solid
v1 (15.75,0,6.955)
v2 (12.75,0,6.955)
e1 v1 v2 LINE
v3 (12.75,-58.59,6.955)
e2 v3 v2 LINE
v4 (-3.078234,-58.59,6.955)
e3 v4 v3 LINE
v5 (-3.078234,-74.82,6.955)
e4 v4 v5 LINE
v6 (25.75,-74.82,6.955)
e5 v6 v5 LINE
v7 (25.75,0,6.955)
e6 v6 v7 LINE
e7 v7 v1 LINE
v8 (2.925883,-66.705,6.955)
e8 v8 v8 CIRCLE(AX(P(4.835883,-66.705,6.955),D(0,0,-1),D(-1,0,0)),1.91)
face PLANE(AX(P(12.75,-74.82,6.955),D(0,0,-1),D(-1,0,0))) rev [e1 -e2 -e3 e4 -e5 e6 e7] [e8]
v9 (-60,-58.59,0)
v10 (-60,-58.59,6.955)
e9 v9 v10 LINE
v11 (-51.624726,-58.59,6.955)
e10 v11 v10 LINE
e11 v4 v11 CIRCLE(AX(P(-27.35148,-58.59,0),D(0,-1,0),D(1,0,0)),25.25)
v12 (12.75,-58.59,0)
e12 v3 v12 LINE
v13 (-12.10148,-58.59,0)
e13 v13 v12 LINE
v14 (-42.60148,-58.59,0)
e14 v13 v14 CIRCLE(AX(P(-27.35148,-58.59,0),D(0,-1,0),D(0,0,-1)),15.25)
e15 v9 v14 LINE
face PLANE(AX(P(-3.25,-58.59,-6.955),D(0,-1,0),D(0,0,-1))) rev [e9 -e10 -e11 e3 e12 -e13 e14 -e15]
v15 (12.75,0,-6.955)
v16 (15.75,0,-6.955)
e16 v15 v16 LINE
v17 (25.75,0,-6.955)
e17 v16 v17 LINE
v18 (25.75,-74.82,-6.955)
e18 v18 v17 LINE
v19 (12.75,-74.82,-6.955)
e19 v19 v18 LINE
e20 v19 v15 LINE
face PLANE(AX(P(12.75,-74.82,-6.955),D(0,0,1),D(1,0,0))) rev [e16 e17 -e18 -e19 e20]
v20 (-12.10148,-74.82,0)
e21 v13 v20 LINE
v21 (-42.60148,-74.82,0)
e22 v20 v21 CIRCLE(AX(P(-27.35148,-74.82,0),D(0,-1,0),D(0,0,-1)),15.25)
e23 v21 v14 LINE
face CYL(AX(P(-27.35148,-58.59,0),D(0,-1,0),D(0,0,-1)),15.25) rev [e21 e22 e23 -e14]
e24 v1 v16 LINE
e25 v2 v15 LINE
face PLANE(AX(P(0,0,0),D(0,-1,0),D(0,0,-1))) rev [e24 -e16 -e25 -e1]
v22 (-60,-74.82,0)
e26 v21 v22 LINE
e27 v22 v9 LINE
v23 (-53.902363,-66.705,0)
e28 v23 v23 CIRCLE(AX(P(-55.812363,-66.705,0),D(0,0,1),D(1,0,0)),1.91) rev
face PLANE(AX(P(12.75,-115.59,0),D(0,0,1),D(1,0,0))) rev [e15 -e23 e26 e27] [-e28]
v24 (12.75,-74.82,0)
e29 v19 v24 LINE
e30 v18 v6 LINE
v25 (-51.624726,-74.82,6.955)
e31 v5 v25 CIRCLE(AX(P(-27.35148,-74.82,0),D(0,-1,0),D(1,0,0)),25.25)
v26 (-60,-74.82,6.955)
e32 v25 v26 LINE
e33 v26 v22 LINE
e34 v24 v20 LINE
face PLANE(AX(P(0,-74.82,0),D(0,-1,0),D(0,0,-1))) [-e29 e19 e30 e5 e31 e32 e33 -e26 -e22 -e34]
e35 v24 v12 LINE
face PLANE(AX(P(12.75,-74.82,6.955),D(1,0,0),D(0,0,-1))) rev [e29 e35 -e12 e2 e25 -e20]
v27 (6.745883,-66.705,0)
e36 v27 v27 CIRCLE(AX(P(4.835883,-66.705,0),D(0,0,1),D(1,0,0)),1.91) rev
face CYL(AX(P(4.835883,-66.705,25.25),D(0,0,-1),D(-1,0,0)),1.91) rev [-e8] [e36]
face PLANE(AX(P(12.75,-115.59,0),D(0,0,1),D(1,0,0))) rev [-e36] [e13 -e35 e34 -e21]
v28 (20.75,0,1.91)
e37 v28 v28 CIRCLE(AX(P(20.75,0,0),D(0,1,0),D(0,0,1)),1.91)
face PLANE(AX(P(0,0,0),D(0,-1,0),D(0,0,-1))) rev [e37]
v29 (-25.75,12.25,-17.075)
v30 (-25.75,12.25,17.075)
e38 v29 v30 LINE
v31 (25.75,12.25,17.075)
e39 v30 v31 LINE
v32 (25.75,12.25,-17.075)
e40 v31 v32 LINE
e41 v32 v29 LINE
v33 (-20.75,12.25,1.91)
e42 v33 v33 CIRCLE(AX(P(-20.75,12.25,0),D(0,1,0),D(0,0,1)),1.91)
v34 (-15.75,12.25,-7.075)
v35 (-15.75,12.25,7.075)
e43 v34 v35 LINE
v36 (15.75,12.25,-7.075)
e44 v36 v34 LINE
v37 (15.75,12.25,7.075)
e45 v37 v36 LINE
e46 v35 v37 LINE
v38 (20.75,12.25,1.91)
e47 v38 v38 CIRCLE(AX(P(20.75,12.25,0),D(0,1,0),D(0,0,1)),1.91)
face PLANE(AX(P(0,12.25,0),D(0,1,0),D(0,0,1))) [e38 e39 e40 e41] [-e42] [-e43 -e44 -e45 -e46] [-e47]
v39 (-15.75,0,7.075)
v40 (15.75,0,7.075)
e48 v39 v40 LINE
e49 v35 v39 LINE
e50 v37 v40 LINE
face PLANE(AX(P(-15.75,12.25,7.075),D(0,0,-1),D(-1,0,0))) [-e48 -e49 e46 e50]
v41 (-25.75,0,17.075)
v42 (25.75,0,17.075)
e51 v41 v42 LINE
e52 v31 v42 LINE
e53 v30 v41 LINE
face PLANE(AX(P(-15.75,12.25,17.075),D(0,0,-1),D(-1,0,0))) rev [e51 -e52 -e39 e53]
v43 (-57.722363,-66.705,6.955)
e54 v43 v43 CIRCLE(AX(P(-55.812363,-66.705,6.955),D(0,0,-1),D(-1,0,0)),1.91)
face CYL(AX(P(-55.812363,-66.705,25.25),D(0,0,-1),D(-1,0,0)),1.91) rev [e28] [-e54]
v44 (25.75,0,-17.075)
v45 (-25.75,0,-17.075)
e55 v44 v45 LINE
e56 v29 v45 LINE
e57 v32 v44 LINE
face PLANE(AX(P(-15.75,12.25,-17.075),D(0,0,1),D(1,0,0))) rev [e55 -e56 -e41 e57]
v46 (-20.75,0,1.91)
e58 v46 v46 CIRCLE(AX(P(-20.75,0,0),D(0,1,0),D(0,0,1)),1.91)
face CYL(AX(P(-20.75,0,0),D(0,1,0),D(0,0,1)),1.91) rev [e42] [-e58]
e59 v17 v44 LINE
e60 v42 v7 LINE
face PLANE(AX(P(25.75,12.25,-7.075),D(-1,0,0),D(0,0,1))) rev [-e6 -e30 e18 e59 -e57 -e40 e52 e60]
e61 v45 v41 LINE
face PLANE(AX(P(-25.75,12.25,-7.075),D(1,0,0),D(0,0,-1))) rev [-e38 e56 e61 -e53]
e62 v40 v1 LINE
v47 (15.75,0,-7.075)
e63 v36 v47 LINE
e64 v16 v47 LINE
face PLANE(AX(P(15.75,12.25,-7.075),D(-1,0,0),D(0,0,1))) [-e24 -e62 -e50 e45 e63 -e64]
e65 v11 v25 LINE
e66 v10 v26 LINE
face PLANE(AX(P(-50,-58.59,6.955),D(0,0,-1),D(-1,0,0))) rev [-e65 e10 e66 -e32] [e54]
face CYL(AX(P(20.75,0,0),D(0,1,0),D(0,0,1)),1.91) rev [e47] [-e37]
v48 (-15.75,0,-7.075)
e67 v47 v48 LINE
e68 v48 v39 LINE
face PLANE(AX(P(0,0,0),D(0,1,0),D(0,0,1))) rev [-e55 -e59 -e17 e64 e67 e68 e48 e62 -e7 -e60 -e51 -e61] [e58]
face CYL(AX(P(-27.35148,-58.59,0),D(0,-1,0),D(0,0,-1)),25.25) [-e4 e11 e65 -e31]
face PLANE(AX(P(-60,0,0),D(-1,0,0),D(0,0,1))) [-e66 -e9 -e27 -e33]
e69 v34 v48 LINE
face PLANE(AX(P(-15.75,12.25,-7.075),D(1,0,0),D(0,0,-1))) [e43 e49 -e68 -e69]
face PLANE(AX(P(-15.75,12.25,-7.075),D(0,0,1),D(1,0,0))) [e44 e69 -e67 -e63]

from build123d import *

# Parameters (mm, degrees)
SKETCH_1_W           = 51.5
SKETCH_1_H           = 34.15
SKETCH_1_W_2         = 31.5
SKETCH_1_H_2         = 14.15
EXTRUDE_1_DEPTH      = 12.25
SKETCH_2_R           = 1.91
CUT_EXTRUDE_1_DEPTH  = 34.236736076
SKETCH_4_W           = 13
SKETCH_4_H           = 13.91
EXTRUDE_1_2_DEPTH    = 74.82
SKETCH_5_W           = 13.91
SKETCH_5_H           = 16.23
EXTRUDE_2_DEPTH      = 16
SKETCH_7_R           = 25.25
SKETCH_7_R_2         = 15.25
EXTRUDE_2_2_DEPTH    = 16.23
SKETCH_15_R          = 1.91
CUT_EXTRUDE_6_DEPTH  = 97.964478439
SKETCH_16_W          = 13.91
SKETCH_16_H          = 16.23
EXTRUDE_4_DEPTH      = 10
SKETCH_17_R          = 1.91
CUT_EXTRUDE_7_DEPTH  = 102.16913771
SKETCH_23_W          = 89.330713517
SKETCH_23_H          = 36.104783584
CUT_EXTRUDE_12_DEPTH = 57


with BuildPart() as part:
    # 草圖1 → Extrude 1 (new body)
    with BuildSketch(Plane(origin=(0, 0, 0), x_dir=(1, 0, 0), z_dir=(0, 1, 0))):
        Rectangle(SKETCH_1_W, SKETCH_1_H)
        Rectangle(SKETCH_1_W_2, SKETCH_1_H_2, mode=Mode.SUBTRACT)
    extrude(amount=EXTRUDE_1_DEPTH)

    # 草圖2 → 除料-伸長1 (cut, through all)
    with BuildSketch(Plane(origin=(0, 12.25, 0), x_dir=(1, 0, 0), z_dir=(0, 1, 0))):
        with Locations(Location((-20.75, 0, 0), (0, 0, 270))):
            Circle(SKETCH_2_R)
        with Locations(Location((20.75, 0, 0), (0, 0, 270))):
            Circle(SKETCH_2_R)
    extrude(amount=-CUT_EXTRUDE_1_DEPTH, mode=Mode.SUBTRACT)

    # 草圖4 → Extrude 1 2 (add)
    with BuildSketch(Plane.XZ):
        with Locations((19.25, 0)):
            Rectangle(SKETCH_4_W, SKETCH_4_H)
    extrude(amount=EXTRUDE_1_2_DEPTH)

    # 草圖5 → Extrude 2 (add)
    with BuildSketch(Plane.ZY.offset(-12.75)):
        with Locations((0, -66.705)):
            Rectangle(SKETCH_5_W, SKETCH_5_H)
    extrude(amount=EXTRUDE_2_DEPTH)

    # 草圖7 → Extrude 2 2 (add)
    with BuildSketch(Plane(origin=(3.626674765, -74.82, 0), x_dir=(1, 0, 0), z_dir=(0, -1, 0))):
        with Locations((-30.978154344, 0)):
            Circle(SKETCH_7_R)
        with Locations((-30.978154344, 0)):
            Circle(SKETCH_7_R_2, mode=Mode.SUBTRACT)
    extrude(amount=-EXTRUDE_2_2_DEPTH)

    # 草圖15 → 除料-伸長6 (cut, through all)
    with BuildSketch(Plane(origin=(0, 0, -6.955), x_dir=(-1, 0, 0), z_dir=(0, 0, -1))):
        with Locations((-4.835883248, -66.705)):
            Circle(SKETCH_15_R)
    extrude(amount=-CUT_EXTRUDE_6_DEPTH, mode=Mode.SUBTRACT)

    # 草圖16 → 填料-伸長4 (add)
    with BuildSketch(Plane(origin=(-60, 0, 0), x_dir=(0, 0, -1), z_dir=(1, 0, 0))):
        with Locations((0, -66.705)):
            Rectangle(SKETCH_16_W, SKETCH_16_H)
    extrude(amount=EXTRUDE_4_DEPTH)

    # 草圖17 → 除料-伸長7 (cut, through all)
    with BuildSketch(Plane(origin=(0, 0, -6.955), x_dir=(-1, 0, 0), z_dir=(0, 0, -1))):
        with Locations((55.812362827, -66.705)):
            Circle(SKETCH_17_R)
    extrude(amount=-CUT_EXTRUDE_7_DEPTH, mode=Mode.SUBTRACT)

    # 草圖23 → 除料-伸長12 (cut)
    with BuildSketch(Plane(origin=(0, -58.59, 0), x_dir=(1, 0, 0), z_dir=(0, 1, 0))):
        with Locations((-31.915356759, 18.052391792)):
            Rectangle(SKETCH_23_W, SKETCH_23_H)
    extrude(amount=-CUT_EXTRUDE_12_DEPTH, mode=Mode.SUBTRACT)


solid = part.part
